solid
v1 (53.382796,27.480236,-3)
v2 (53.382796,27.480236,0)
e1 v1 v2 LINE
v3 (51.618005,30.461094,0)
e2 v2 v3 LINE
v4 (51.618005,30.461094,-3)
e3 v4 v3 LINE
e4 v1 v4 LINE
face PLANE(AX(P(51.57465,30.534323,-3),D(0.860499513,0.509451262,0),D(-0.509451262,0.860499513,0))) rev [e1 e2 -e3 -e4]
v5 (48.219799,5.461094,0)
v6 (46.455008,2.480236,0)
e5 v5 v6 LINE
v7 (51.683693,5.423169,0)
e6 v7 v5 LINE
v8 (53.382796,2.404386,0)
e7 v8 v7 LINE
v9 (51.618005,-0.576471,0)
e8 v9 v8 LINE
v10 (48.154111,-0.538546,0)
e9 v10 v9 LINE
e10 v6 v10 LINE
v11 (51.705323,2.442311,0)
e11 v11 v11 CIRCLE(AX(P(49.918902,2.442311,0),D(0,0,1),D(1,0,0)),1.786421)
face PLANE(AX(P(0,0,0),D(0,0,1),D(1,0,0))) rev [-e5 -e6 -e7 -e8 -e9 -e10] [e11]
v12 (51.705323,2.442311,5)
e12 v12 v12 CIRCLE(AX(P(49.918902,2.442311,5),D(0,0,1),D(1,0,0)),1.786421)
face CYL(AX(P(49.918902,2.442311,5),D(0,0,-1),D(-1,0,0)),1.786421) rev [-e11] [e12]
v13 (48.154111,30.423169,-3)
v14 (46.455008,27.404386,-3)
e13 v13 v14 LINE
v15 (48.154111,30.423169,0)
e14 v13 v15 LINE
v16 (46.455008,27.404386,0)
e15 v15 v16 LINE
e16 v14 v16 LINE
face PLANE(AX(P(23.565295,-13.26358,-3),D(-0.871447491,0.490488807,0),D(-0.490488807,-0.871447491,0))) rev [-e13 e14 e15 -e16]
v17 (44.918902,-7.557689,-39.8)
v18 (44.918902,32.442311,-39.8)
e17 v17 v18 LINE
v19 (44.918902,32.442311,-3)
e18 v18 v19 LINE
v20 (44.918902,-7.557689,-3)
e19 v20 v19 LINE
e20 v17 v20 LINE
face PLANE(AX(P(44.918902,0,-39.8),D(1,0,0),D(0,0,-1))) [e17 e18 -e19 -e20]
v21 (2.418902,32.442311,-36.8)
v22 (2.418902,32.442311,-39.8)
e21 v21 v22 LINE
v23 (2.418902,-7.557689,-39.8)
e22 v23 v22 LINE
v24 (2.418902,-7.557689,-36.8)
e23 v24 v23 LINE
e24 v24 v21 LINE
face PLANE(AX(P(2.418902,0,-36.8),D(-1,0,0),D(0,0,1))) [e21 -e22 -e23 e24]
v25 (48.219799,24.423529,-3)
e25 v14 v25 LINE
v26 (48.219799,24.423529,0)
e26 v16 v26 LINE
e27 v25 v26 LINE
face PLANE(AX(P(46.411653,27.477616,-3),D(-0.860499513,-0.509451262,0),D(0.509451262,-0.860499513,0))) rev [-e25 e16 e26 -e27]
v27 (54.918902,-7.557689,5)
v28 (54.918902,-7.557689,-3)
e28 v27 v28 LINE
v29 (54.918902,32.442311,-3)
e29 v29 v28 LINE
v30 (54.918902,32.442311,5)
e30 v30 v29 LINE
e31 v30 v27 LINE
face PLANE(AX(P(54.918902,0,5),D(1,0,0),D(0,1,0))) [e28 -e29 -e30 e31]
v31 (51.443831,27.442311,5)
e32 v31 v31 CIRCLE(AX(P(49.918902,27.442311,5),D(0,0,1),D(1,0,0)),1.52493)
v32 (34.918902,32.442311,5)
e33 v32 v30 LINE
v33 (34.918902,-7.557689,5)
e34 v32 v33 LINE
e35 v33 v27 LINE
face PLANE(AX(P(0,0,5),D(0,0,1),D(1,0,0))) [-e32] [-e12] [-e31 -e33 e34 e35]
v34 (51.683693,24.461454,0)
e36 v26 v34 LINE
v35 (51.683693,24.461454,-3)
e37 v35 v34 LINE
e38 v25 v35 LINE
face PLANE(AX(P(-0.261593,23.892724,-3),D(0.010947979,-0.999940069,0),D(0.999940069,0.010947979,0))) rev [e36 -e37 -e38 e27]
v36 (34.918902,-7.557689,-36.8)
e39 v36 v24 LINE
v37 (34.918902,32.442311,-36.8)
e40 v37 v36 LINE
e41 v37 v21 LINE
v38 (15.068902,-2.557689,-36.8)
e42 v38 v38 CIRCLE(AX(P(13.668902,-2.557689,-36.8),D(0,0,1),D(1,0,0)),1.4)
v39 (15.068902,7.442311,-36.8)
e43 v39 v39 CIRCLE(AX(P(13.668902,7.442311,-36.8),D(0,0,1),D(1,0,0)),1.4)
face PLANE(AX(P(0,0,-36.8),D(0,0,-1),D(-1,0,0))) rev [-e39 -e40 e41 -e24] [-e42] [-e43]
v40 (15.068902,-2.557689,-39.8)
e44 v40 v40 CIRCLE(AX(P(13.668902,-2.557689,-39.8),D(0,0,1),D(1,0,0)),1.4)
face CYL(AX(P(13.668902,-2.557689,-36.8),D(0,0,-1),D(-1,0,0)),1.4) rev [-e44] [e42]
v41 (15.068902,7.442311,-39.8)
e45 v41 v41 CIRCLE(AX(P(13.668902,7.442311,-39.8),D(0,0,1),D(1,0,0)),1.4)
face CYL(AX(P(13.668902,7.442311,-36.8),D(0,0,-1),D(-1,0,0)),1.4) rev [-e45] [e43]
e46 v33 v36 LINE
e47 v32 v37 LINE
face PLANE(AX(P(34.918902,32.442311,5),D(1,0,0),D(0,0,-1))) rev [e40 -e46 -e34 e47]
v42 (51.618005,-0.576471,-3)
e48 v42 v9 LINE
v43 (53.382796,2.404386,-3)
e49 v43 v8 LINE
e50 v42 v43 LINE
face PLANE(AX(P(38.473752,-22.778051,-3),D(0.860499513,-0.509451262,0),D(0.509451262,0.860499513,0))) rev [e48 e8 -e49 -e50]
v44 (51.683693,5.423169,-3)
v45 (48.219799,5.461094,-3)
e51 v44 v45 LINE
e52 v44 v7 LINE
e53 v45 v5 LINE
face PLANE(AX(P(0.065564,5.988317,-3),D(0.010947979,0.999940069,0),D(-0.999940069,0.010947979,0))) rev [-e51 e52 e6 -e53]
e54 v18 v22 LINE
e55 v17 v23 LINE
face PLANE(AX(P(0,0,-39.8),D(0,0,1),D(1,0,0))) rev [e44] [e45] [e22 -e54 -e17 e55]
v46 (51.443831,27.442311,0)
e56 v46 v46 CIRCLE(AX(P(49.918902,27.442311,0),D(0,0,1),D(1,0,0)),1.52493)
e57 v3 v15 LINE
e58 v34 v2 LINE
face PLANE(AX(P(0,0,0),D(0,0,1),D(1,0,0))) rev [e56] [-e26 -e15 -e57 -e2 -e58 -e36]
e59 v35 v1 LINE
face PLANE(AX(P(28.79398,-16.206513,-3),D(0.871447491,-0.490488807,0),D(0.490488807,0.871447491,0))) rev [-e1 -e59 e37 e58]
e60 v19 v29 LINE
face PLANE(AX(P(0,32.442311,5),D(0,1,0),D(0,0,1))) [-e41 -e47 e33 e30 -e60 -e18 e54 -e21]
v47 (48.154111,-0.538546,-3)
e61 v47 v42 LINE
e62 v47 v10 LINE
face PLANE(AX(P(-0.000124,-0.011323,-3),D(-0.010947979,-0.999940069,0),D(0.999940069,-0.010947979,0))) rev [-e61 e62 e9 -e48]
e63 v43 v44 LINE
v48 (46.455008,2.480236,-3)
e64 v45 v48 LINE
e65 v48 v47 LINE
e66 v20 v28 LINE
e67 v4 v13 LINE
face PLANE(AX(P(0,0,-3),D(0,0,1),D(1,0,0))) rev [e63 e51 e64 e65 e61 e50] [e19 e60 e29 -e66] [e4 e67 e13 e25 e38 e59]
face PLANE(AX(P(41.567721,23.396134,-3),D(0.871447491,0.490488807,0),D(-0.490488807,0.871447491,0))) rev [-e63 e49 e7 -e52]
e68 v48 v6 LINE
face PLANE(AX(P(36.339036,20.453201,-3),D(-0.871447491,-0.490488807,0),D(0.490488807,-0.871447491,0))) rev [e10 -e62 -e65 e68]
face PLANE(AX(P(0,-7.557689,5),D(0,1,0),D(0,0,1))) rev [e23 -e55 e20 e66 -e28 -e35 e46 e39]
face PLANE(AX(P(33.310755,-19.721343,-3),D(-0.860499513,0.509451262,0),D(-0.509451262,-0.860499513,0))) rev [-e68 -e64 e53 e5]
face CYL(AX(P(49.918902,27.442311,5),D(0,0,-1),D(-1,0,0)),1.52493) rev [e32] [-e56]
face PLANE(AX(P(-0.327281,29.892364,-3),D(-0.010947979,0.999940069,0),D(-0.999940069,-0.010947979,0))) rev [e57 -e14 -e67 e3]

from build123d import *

# Parameters (mm, degrees)
SKETCH1_W           = 10
SKETCH1_H           = 40
BOSS_EXTRUDE1_DEPTH = 5
SKETCH1_4_W         = 10
SKETCH1_4_H         = 40
BOSS_EXTRUDE2_DEPTH = 3
BOSS_EXTRUDE3_START = 5
SKETCH1_5_W         = 10
SKETCH1_5_H         = 40
BOSS_EXTRUDE3_DEPTH = 44.8
BOSS_EXTRUDE4_START = -39.8
SKETCH1_6_W         = 22.5
SKETCH1_6_H         = 40
SKETCH1_6_R         = 1.4
SKETCH1_6_W_2       = 10
BOSS_EXTRUDE4_DEPTH = 3


with BuildPart() as part:
    # Sketch1 → Boss-Extrude1 (new body)
    with BuildSketch(Plane.XY):
        Polygon((54.918901731, 32.442311257), (49.918901731, 32.442311257), (49.918901731, 30.44249106), (51.6180048, 30.461093919), (53.382795739, 27.480236167), (51.683692671, 24.461453505), (49.918901731, 24.442131453), (49.918901731, 5.44249106), (51.683692671, 5.423169009), (53.382795739, 2.404386347), (51.6180048, -0.576471406), (49.918901731, -0.557868547), (49.918901731, -7.557688743), (54.918901731, -7.557688743), align=None)
        Polygon((49.918901731, 32.442311257), (44.918901731, 32.442311257), (44.918901731, -7.557688743), (49.918901731, -7.557688743), (49.918901731, -0.557868547), (48.154110791, -0.538546495), (46.455007723, 2.480236167), (48.219798662, 5.461093919), (49.918901731, 5.44249106), (49.918901731, 24.442131453), (48.219798662, 24.423528594), (46.455007723, 27.404386347), (48.154110791, 30.423169009), (49.918901731, 30.44249106), align=None)
        with BuildLine():
            Line((49.918901731, 0.655890403), (49.918901731, -0.557868547))
            Line((49.918901731, -0.557868547), (51.6180048, -0.576471406))
            Line((51.6180048, -0.576471406), (53.382795739, 2.404386347))
            Line((53.382795739, 2.404386347), (51.683692671, 5.423169009))
            Line((51.683692671, 5.423169009), (49.918901731, 5.44249106))
            Line((49.918901731, 5.44249106), (49.918901731, 4.22873211))
            ThreePointArc((49.918901731, 4.22873211), (51.182092031, 3.705501556), (51.705322585, 2.442311257))
            ThreePointArc((51.705322585, 2.442311257), (51.182092031, 1.179120957), (49.918901731, 0.655890403))
        make_face()
        with BuildLine():
            Line((48.154110791, -0.538546495), (49.918901731, -0.557868547))
            Line((49.918901731, -0.557868547), (49.918901731, 0.655890403))
            ThreePointArc((49.918901731, 0.655890403), (48.132480877, 2.442311257), (49.918901731, 4.22873211))
            Line((49.918901731, 4.22873211), (49.918901731, 5.44249106))
            Line((49.918901731, 5.44249106), (48.219798662, 5.461093919))
            Line((48.219798662, 5.461093919), (46.455007723, 2.480236167))
            Line((46.455007723, 2.480236167), (48.154110791, -0.538546495))
        make_face()
        with BuildLine():
            Line((51.6180048, 30.461093919), (49.918901731, 30.44249106))
            Line((49.918901731, 30.44249106), (49.918901731, 28.967240827))
            ThreePointArc((49.918901731, 28.967240827), (50.997189771, 28.520599297), (51.443831301, 27.442311257))
            ThreePointArc((51.443831301, 27.442311257), (50.997189771, 26.364023217), (49.918901731, 25.917381686))
            Line((49.918901731, 25.917381686), (49.918901731, 24.442131453))
            Line((49.918901731, 24.442131453), (51.683692671, 24.461453505))
            Line((51.683692671, 24.461453505), (53.382795739, 27.480236167))
            Line((53.382795739, 27.480236167), (51.6180048, 30.461093919))
        make_face()
        with BuildLine():
            Line((49.918901731, 28.967240827), (49.918901731, 30.44249106))
            Line((49.918901731, 30.44249106), (48.154110791, 30.423169009))
            Line((48.154110791, 30.423169009), (46.455007723, 27.404386347))
            Line((46.455007723, 27.404386347), (48.219798662, 24.423528594))
            Line((48.219798662, 24.423528594), (49.918901731, 24.442131453))
            Line((49.918901731, 24.442131453), (49.918901731, 25.917381686))
            ThreePointArc((49.918901731, 25.917381686), (48.39397216, 27.442311257), (49.918901731, 28.967240827))
        make_face()
        with Locations((39.918901731, 12.442311257)):
            Rectangle(SKETCH1_W, SKETCH1_H)
    extrude(amount=BOSS_EXTRUDE1_DEPTH)

    # Sketch1<4> → Boss-Extrude2 (add)
    with BuildSketch(Plane.XY):
        Polygon((49.918901731, 32.442311257), (44.918901731, 32.442311257), (44.918901731, -7.557688743), (49.918901731, -7.557688743), (49.918901731, -0.557868547), (48.154110791, -0.538546495), (46.455007723, 2.480236167), (48.219798662, 5.461093919), (49.918901731, 5.44249106), (49.918901731, 24.442131453), (48.219798662, 24.423528594), (46.455007723, 27.404386347), (48.154110791, 30.423169009), (49.918901731, 30.44249106), align=None)
        Polygon((54.918901731, 32.442311257), (49.918901731, 32.442311257), (49.918901731, 30.44249106), (51.6180048, 30.461093919), (53.382795739, 27.480236167), (51.683692671, 24.461453505), (49.918901731, 24.442131453), (49.918901731, 5.44249106), (51.683692671, 5.423169009), (53.382795739, 2.404386347), (51.6180048, -0.576471406), (49.918901731, -0.557868547), (49.918901731, -7.557688743), (54.918901731, -7.557688743), align=None)
        with Locations((39.918901731, 12.442311257)):
            Rectangle(SKETCH1_4_W, SKETCH1_4_H)
    extrude(amount=-BOSS_EXTRUDE2_DEPTH)

    # Sketch1<5> → Boss-Extrude3 (add)
    with BuildSketch(Plane.XY.offset(BOSS_EXTRUDE3_START)):
        with Locations((39.918901731, 12.442311257)):
            Rectangle(SKETCH1_5_W, SKETCH1_5_H)
    extrude(amount=-BOSS_EXTRUDE3_DEPTH)

    # Sketch1<6> → Boss-Extrude4 (add)
    with BuildSketch(Plane.XY.offset(BOSS_EXTRUDE4_START)):
        with Locations((13.668901731, 12.442311257)):
            Rectangle(SKETCH1_6_W, SKETCH1_6_H)
        with Locations((13.668901731, -2.557688743)):
            Circle(SKETCH1_6_R, mode=Mode.SUBTRACT)
        with Locations((13.668901731, 7.442311257)):
            Circle(SKETCH1_6_R, mode=Mode.SUBTRACT)
        with Locations((29.918901731, 12.442311257)):
            Rectangle(SKETCH1_6_W_2, SKETCH1_6_H)
    extrude(amount=BOSS_EXTRUDE4_DEPTH)


solid = part.part
